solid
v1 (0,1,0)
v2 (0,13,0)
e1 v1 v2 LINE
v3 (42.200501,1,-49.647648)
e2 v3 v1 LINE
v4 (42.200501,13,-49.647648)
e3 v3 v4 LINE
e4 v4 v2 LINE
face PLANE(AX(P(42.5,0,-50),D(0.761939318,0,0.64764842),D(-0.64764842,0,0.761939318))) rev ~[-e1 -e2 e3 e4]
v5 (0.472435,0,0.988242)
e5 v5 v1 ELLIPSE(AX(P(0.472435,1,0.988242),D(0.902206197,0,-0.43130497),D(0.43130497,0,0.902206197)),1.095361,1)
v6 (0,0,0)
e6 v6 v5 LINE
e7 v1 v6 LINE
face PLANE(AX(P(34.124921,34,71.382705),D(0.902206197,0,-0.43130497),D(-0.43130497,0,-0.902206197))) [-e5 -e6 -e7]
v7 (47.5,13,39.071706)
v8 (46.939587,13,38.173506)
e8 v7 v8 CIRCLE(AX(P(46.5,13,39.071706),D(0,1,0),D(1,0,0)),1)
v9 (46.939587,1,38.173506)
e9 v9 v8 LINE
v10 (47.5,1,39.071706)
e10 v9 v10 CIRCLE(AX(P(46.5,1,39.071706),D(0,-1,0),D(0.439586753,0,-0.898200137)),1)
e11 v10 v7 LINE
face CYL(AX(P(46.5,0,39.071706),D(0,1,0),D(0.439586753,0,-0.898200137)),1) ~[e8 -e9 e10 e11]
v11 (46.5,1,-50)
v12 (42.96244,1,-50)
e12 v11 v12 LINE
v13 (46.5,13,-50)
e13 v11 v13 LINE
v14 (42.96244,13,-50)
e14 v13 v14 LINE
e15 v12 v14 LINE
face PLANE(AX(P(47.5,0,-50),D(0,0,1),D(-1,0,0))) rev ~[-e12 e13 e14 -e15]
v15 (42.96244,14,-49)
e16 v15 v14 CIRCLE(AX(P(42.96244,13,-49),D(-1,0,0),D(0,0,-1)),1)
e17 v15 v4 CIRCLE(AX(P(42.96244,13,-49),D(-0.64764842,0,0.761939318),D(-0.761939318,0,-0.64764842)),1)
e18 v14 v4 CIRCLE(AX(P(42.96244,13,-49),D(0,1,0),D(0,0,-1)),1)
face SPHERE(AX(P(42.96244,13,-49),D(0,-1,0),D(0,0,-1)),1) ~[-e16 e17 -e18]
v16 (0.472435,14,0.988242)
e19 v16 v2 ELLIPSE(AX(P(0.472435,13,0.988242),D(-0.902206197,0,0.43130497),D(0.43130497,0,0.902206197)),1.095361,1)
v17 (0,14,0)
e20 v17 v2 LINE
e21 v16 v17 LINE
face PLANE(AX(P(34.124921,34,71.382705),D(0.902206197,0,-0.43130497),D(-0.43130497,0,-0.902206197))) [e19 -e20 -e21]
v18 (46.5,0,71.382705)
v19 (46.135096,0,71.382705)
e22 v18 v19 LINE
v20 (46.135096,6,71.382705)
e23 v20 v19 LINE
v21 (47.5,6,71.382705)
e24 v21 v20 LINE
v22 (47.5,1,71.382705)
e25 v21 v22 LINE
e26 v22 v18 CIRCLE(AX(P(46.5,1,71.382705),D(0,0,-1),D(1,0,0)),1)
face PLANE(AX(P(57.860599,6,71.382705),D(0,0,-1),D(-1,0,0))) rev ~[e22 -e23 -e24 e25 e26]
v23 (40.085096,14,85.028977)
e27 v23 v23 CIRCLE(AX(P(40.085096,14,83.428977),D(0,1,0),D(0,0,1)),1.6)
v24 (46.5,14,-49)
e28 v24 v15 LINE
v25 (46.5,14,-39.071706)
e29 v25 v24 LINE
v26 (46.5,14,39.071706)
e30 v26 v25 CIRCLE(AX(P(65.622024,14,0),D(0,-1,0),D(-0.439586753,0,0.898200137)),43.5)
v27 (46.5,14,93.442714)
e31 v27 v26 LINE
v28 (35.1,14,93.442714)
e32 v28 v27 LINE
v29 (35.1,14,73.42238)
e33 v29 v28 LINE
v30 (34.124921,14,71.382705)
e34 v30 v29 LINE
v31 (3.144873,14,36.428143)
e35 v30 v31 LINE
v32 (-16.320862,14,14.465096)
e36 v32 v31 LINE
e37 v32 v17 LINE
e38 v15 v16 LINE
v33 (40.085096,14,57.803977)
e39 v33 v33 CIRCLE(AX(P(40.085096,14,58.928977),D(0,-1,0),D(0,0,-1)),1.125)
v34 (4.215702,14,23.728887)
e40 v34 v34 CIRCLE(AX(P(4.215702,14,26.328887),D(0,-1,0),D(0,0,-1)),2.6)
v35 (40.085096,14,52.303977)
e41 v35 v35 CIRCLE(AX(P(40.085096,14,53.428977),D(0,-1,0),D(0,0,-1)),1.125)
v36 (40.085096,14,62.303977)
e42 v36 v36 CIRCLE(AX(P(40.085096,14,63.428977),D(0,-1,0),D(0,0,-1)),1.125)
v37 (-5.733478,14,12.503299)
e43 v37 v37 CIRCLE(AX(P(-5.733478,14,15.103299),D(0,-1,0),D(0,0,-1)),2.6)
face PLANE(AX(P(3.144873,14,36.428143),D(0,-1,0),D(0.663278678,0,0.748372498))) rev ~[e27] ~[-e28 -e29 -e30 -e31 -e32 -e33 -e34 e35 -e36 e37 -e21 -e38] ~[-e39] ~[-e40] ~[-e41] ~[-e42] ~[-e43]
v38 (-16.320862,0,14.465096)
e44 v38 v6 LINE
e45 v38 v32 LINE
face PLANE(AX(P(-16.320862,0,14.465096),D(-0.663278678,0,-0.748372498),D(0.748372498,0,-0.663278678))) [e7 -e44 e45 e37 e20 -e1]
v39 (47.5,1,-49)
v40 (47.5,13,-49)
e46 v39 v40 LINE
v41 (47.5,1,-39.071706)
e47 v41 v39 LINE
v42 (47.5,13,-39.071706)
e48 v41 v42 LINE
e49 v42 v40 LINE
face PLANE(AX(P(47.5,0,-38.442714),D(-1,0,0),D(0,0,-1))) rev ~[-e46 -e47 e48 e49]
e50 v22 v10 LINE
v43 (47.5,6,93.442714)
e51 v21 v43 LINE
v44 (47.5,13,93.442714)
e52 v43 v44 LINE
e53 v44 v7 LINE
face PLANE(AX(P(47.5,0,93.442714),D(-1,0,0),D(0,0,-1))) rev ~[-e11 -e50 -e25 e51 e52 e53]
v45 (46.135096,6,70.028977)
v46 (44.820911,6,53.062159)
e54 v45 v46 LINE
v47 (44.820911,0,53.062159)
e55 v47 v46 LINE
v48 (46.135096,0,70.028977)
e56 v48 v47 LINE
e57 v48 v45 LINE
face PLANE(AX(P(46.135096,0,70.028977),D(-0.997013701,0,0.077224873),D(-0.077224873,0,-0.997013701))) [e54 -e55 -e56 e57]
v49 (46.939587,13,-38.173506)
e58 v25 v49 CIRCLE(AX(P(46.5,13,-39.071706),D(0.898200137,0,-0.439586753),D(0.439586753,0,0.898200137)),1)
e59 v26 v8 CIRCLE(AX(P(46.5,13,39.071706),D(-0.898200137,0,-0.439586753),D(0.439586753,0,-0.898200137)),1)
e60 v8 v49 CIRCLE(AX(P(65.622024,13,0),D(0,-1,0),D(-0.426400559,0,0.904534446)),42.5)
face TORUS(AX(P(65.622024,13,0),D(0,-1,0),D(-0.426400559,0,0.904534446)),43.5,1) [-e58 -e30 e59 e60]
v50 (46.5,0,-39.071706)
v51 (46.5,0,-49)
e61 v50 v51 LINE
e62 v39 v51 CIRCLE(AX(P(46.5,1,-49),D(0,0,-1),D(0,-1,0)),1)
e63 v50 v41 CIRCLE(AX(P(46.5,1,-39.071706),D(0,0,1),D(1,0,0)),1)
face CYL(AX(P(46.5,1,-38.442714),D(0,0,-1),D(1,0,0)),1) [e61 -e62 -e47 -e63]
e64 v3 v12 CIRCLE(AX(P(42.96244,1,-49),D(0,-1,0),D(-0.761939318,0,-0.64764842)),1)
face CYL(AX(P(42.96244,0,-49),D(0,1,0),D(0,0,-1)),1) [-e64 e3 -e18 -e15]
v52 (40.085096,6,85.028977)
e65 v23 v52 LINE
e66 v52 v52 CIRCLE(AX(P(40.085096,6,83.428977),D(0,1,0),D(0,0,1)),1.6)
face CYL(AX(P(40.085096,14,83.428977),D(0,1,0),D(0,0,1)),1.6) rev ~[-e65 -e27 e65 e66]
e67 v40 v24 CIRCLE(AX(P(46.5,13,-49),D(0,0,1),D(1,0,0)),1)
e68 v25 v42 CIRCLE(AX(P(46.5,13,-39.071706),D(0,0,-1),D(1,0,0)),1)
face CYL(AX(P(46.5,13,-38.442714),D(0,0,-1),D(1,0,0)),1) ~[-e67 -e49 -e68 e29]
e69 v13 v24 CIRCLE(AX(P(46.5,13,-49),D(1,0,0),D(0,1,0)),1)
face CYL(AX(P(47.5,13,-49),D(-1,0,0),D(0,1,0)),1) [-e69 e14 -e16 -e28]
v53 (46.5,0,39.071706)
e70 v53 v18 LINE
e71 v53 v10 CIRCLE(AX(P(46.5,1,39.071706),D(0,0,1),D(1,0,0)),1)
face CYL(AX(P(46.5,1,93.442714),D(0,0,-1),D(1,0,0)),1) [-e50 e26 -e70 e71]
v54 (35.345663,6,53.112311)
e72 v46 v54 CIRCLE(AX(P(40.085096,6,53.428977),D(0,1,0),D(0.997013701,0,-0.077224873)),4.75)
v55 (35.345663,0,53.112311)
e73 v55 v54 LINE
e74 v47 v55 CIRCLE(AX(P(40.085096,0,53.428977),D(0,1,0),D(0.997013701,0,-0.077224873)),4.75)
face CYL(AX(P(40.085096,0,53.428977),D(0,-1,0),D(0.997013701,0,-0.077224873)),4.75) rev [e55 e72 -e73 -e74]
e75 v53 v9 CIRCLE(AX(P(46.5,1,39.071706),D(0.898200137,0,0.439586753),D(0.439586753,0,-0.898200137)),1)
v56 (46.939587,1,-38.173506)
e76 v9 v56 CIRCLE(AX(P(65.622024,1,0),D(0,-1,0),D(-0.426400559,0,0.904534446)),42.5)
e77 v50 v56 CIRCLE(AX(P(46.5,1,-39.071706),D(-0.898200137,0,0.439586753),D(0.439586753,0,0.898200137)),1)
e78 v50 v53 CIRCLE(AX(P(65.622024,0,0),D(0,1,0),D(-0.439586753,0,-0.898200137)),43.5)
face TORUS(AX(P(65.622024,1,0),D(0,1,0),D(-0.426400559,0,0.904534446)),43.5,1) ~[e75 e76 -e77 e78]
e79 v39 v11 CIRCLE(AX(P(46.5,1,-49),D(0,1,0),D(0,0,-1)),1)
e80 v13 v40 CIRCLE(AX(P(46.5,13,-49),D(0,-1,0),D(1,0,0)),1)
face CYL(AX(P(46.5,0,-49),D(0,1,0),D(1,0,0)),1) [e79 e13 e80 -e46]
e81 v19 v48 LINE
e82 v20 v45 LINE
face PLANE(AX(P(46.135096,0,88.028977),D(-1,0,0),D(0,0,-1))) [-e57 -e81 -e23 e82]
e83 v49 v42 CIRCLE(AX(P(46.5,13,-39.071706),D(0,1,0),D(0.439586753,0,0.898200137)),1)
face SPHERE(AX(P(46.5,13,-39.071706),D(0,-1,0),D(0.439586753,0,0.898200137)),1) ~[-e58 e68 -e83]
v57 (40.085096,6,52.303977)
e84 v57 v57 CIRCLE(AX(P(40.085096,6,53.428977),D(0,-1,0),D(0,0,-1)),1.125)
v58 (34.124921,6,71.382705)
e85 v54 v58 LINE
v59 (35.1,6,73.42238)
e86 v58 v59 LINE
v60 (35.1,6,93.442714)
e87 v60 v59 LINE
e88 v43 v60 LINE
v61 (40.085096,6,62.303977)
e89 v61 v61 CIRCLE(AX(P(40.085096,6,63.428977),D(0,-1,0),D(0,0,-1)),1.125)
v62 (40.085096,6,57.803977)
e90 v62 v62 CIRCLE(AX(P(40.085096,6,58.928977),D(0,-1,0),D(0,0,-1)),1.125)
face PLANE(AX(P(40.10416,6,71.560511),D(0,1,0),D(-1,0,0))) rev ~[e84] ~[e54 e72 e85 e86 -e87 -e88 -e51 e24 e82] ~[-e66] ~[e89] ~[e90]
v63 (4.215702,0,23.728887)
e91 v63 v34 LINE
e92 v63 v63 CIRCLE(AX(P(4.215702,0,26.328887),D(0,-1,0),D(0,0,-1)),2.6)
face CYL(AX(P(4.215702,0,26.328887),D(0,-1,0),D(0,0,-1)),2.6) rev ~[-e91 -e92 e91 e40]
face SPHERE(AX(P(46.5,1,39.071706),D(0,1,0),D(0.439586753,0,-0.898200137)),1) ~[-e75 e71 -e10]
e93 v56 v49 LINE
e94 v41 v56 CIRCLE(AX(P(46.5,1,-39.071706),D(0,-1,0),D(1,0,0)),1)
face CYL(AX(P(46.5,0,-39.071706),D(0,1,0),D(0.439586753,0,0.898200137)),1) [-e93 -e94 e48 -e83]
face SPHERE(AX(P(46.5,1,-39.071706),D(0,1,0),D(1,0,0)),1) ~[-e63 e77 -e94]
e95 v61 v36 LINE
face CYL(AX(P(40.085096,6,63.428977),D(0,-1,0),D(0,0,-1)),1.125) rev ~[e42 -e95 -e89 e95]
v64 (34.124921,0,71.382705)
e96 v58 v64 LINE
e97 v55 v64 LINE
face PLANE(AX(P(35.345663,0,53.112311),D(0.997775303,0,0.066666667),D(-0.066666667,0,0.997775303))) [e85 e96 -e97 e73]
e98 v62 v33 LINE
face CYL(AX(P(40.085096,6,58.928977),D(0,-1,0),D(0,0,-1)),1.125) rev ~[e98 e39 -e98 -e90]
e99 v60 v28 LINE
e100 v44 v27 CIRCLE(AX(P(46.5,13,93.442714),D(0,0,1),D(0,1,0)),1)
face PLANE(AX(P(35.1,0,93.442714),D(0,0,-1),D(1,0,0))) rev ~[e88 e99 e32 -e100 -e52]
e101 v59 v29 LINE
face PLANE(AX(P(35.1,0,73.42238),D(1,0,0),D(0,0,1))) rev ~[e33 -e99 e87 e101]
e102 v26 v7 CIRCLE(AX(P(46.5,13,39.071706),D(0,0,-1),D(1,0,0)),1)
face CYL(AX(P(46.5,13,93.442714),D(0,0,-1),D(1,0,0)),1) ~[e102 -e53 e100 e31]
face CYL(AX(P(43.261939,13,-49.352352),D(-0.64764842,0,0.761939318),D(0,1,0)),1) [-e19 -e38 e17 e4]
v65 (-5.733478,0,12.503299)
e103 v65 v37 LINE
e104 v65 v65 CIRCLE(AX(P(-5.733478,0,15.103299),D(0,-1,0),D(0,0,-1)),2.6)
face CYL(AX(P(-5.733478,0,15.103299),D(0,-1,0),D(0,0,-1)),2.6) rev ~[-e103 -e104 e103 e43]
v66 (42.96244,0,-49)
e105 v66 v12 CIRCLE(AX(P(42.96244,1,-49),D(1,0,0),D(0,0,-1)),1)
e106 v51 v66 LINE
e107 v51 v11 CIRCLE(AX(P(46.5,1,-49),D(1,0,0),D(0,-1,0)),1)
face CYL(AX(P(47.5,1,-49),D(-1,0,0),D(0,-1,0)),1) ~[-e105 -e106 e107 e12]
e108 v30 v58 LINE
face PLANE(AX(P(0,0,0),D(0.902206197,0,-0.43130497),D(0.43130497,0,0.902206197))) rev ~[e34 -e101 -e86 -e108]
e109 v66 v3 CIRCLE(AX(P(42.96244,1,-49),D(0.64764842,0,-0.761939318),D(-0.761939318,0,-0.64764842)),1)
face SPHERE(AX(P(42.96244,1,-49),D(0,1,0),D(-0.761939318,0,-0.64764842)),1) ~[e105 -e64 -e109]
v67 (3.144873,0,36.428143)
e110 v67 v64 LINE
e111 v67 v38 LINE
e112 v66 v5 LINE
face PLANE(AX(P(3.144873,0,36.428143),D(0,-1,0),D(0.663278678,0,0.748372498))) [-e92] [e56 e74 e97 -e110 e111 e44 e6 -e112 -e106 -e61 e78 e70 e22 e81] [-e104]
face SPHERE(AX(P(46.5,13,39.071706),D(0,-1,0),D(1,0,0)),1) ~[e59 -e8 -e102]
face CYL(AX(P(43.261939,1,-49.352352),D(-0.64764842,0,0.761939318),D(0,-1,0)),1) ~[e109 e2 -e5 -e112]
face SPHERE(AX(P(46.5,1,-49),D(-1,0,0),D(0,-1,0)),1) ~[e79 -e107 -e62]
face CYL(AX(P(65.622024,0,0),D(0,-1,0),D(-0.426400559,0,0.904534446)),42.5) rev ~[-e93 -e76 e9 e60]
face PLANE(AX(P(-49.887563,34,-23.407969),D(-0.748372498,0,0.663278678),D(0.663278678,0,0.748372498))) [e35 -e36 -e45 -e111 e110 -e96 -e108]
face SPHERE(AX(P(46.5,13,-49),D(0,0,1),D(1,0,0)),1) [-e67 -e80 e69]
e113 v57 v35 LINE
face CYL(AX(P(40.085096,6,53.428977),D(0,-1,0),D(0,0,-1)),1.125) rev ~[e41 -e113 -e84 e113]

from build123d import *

# Parameters (mm, degrees)
BOSS_EXTRUDE1_DEPTH      = 14
SKETCH3_R                = 4.125
CUT_EXTRUDE1_DEPTH       = 6
SKETCH5_R                = 1.125
CUT_EXTRUDE2_DEPTH       = 15
FILLET1_R                = 1
BOSS_EXTRUDE3_DEPTH      = 20
BOSS_EXTRUDE3_DEPTH_BACK = 34
SKETCH7_W                = 46.707438453
SKETCH7_H                = 20
CUT_EXTRUDE3_DEPTH       = 30
BOSS_EXTRUDE4_DEPTH      = 3
BOSS_EXTRUDE5_START      = -54
BOSS_EXTRUDE5_DEPTH      = 3
CUT_EXTRUDE5_REACH       = 111.564
SKETCH15_W               = 26.880557743
SKETCH15_H               = 40.856784115
CUT_EXTRUDE6_REACH       = 113.249
SKETCH16_R               = 1.6
CUT_EXTRUDE7_DEPTH       = 112.248863996
CUT_EXTRUDE8_DEPTH       = 106.753443393
SKETCH20_R               = 2.6
CUT_EXTRUDE9_DEPTH       = 106.753443393


with BuildPart() as part:
    # Sketch1 → Boss-Extrude1 (new body)
    with BuildSketch(Plane(origin=(0, 0, 0), x_dir=(1, 0, 0), z_dir=(0, 1, 0))):
        with BuildLine():
            Line((47.5, -78.442713945), (47.5, -38.442713945))
            ThreePointArc((47.5, -38.442713945), (23.122023742, 0), (47.5, 38.442713945))
            Line((47.5, 38.442713945), (47.5, 50))
            Line((47.5, 50), (42.5, 50))
            Line((42.5, 50), (0, 0))
            Line((0, 0), (35.1, -73.422380253))
            Line((35.1, -73.422380253), (35.1, -93.442713945))
            Line((35.1, -93.442713945), (37.5, -93.442713945))
            Line((37.5, -93.442713945), (47.5, -93.442713945))
            Line((47.5, -93.442713945), (47.5, -78.442713945))
        make_face()
    extrude(amount=BOSS_EXTRUDE1_DEPTH)

    # Sketch3 → Cut-Extrude1 (cut)
    with BuildSketch(Plane.XZ):
        with BuildLine():
            Line((33.254958794, 84.403112572), (36.18509612, 92.428977457))
            Line((36.18509612, 92.428977457), (44.88509612, 92.428977457))
            Line((44.88509612, 92.428977457), (46.13509612, 88.028977457))
            Line((46.13509612, 88.028977457), (46.13509612, 70.028977457))
            Line((46.13509612, 70.028977457), (44.820911197, 53.062159312))
            ThreePointArc((44.820911197, 53.062159312), (40.059955227, 48.679043991), (35.34566343, 53.112310791))
            Line((35.34566343, 53.112310791), (33.254958794, 84.403112572))
        make_face()
        with Locations(Location((40.08509612, 83.428977457, 0), (0, 0, 90))):
            Circle(SKETCH3_R, mode=Mode.SUBTRACT)
    extrude(amount=-CUT_EXTRUDE1_DEPTH, mode=Mode.SUBTRACT)

    # Sketch5 → Cut-Extrude2 (cut)
    with BuildSketch(Plane.XZ.offset(-6)):
        with Locations(Location((40.08509612, 63.428977457, 0), (0, 0, 270))):
            Circle(SKETCH5_R)
        with Locations(Location((40.08509612, 58.928977457, 0), (0, 0, 270))):
            Circle(SKETCH5_R)
        with Locations(Location((40.08509612, 53.428977457, 0), (0, 0, 270))):
            Circle(SKETCH5_R)
    extrude(amount=-CUT_EXTRUDE2_DEPTH, mode=Mode.SUBTRACT)

    # Fillet1
    fillet1_edges = [part.edges().sort_by_distance(p)[0] for p in [
        (21.25, 0, -25),
        (45, 0, -50),
        (47.5, 0, -44.221356973),
        (23.122023742, 14, 0),
        (23.122023742, 0, 0),
        (47.5, 0, 65.942713945),
        (47.5, 14, -44.221356973),
        (42.5, 7, -50),
        (47.5, 7, -50),
        (47.5, 7, -38.442713945),
        (47.5, 7, 38.442713945),
        (45, 14, -50),
        (21.25, 14, -25),
        (47.5, 14, 65.942713945),
    ]]
    fillet(fillet1_edges, radius=FILLET1_R)

    # Sketch6 → Boss-Extrude3 (add, two sides: drawn at the far end of the back side and taken through both)
    with BuildSketch(Plane.XZ.offset(-BOSS_EXTRUDE3_DEPTH_BACK)):
        with BuildLine():
            Line((-40.458581161, -20.077158004), (-49.887563088, -23.407968691))
            Line((-49.887563088, -23.407968691), (34.124921356, 71.382705183))
            Line((34.124921356, 71.382705183), (0, 0))
            ThreePointArc((0, 0), (-10.212270894, 1.77453397), (-20.560220827, 2.374016932))
            Line((-20.560220827, 2.374016932), (-40.458581161, -20.077158004))
        make_face()
    extrude(amount=BOSS_EXTRUDE3_DEPTH + BOSS_EXTRUDE3_DEPTH_BACK)

    # Sketch7 → Cut-Extrude3 (cut)
    with BuildSketch(Plane(origin=(-16.32086192, 0, 14.465095586), x_dir=(0.6632786778078259, 0, 0.7483724978682089), z_dir=(-0.7483724978682089, 0, 0.6632786778078259))):
        with Locations((52.701466874, 24)):
            Rectangle(SKETCH7_W, SKETCH7_H)
        with Locations((52.701466874, -10)):
            Rectangle(SKETCH7_W, SKETCH7_H)
    extrude(amount=-CUT_EXTRUDE3_DEPTH, mode=Mode.SUBTRACT)

    # Sketch10 → Boss-Extrude4 (add)
    with BuildSketch(Plane.XZ.offset(20)):
        Polygon((-49.887563088, -23.407968691), (-42.403838109, -30.040755469), (0, 0), (-16.723629197, 14.010656202), align=None)
    extrude(amount=-BOSS_EXTRUDE4_DEPTH)

    # Sketch10<2> → Boss-Extrude5 (add)
    with BuildSketch(Plane.XZ.offset(20).offset(BOSS_EXTRUDE5_START)):
        Polygon((-49.887563088, -23.407968691), (-42.403838109, -30.040755469), (0, 0), (-16.723629197, 14.010656202), align=None)
    extrude(amount=BOSS_EXTRUDE5_DEPTH)

    # Cut-Extrude5: up to this face of the body (flat: up to its plane)
    cut_extrude5_end = Plane(part.part.faces().sort_by_distance((40.08509612, 0, 83.428977457))[0])
    # Sketch15 → Cut-Extrude5 (cut, up to the picked face)
    with BuildSketch(Plane(origin=(0, 6, 0), x_dir=(-1, 0, 0), z_dir=(0, -1, 0)), mode=Mode.PRIVATE) as cut_extrude5_sk1:
        with Locations((-44.420319758, -91.811097241)):
            Rectangle(SKETCH15_W, SKETCH15_H)
    cut_extrude5_tool1 = split(extrude(cut_extrude5_sk1.sketch, amount=CUT_EXTRUDE5_REACH, mode=Mode.PRIVATE), bisect_by=cut_extrude5_end, keep=Keep.BOTH, mode=Mode.PRIVATE)
    add(cut_extrude5_tool1.solids().sort_by(Axis((44.42032, 6, 91.811097), (0, -1, 0)))[0], mode=Mode.SUBTRACT)

    # Sketch16 → Cut-Extrude6 (cut, up to next)
    with BuildSketch(Plane(origin=(0, 14, 0), x_dir=(1, 0, 0), z_dir=(0, 1, 0)), mode=Mode.PRIVATE) as cut_extrude6_sk1:
        with Locations(Location((40.08509612, -83.428977457, 0), (0, 0, 270))):
            Circle(SKETCH16_R)
    cut_extrude6_tool1 = extrude(cut_extrude6_sk1.sketch, amount=-CUT_EXTRUDE6_REACH, mode=Mode.PRIVATE) & part.part
    add(cut_extrude6_tool1.solids().sort_by_distance((40.085096, 14, 83.428977))[0], mode=Mode.SUBTRACT)

    # Sketch18 → Cut-Extrude7 (cut, through all)
    with BuildSketch(Plane(origin=(0, 0, 0), x_dir=(-0.4313049702307203, 0, -0.902206197415135), z_dir=(0.902206197415135, 0, -0.4313049702307203))):
        Polygon((-39.631978176, 14), (0, 14), (0, 0), (-37.370332893, 0), (-34.306310934, -43.962437664), (76.533165387, -56.066116366), (76.533165387, 47.196171587), (-42.014855984, 38.664050635), align=None)
    extrude(amount=-CUT_EXTRUDE7_DEPTH, mode=Mode.SUBTRACT)

    # Sketch19 → Cut-Extrude8 (cut, through all)
    with BuildSketch(Plane(origin=(0, 0, 0), x_dir=(-1, 0, 0), z_dir=(0, -1, 0))):
        Polygon((16.32086192, -14.465095586), (0, 0), (18.115156321, 31.62995048), (35.203757787, 6.840338193), align=None)
    extrude(amount=-CUT_EXTRUDE8_DEPTH, mode=Mode.SUBTRACT)

    # Sketch20 → Cut-Extrude9 (cut, through all)
    with BuildSketch(Plane(origin=(0, 0, 0), x_dir=(-1, 0, 0), z_dir=(0, -1, 0))):
        with Locations(Location((5.733478103, -15.103299236, 0), (0, 0, 90))):
            Circle(SKETCH20_R)
        with Locations(Location((-4.215702064, -26.328886704, 0), (0, 0, 90))):
            Circle(SKETCH20_R)
    extrude(amount=-CUT_EXTRUDE9_DEPTH, mode=Mode.SUBTRACT)


solid = part.part
